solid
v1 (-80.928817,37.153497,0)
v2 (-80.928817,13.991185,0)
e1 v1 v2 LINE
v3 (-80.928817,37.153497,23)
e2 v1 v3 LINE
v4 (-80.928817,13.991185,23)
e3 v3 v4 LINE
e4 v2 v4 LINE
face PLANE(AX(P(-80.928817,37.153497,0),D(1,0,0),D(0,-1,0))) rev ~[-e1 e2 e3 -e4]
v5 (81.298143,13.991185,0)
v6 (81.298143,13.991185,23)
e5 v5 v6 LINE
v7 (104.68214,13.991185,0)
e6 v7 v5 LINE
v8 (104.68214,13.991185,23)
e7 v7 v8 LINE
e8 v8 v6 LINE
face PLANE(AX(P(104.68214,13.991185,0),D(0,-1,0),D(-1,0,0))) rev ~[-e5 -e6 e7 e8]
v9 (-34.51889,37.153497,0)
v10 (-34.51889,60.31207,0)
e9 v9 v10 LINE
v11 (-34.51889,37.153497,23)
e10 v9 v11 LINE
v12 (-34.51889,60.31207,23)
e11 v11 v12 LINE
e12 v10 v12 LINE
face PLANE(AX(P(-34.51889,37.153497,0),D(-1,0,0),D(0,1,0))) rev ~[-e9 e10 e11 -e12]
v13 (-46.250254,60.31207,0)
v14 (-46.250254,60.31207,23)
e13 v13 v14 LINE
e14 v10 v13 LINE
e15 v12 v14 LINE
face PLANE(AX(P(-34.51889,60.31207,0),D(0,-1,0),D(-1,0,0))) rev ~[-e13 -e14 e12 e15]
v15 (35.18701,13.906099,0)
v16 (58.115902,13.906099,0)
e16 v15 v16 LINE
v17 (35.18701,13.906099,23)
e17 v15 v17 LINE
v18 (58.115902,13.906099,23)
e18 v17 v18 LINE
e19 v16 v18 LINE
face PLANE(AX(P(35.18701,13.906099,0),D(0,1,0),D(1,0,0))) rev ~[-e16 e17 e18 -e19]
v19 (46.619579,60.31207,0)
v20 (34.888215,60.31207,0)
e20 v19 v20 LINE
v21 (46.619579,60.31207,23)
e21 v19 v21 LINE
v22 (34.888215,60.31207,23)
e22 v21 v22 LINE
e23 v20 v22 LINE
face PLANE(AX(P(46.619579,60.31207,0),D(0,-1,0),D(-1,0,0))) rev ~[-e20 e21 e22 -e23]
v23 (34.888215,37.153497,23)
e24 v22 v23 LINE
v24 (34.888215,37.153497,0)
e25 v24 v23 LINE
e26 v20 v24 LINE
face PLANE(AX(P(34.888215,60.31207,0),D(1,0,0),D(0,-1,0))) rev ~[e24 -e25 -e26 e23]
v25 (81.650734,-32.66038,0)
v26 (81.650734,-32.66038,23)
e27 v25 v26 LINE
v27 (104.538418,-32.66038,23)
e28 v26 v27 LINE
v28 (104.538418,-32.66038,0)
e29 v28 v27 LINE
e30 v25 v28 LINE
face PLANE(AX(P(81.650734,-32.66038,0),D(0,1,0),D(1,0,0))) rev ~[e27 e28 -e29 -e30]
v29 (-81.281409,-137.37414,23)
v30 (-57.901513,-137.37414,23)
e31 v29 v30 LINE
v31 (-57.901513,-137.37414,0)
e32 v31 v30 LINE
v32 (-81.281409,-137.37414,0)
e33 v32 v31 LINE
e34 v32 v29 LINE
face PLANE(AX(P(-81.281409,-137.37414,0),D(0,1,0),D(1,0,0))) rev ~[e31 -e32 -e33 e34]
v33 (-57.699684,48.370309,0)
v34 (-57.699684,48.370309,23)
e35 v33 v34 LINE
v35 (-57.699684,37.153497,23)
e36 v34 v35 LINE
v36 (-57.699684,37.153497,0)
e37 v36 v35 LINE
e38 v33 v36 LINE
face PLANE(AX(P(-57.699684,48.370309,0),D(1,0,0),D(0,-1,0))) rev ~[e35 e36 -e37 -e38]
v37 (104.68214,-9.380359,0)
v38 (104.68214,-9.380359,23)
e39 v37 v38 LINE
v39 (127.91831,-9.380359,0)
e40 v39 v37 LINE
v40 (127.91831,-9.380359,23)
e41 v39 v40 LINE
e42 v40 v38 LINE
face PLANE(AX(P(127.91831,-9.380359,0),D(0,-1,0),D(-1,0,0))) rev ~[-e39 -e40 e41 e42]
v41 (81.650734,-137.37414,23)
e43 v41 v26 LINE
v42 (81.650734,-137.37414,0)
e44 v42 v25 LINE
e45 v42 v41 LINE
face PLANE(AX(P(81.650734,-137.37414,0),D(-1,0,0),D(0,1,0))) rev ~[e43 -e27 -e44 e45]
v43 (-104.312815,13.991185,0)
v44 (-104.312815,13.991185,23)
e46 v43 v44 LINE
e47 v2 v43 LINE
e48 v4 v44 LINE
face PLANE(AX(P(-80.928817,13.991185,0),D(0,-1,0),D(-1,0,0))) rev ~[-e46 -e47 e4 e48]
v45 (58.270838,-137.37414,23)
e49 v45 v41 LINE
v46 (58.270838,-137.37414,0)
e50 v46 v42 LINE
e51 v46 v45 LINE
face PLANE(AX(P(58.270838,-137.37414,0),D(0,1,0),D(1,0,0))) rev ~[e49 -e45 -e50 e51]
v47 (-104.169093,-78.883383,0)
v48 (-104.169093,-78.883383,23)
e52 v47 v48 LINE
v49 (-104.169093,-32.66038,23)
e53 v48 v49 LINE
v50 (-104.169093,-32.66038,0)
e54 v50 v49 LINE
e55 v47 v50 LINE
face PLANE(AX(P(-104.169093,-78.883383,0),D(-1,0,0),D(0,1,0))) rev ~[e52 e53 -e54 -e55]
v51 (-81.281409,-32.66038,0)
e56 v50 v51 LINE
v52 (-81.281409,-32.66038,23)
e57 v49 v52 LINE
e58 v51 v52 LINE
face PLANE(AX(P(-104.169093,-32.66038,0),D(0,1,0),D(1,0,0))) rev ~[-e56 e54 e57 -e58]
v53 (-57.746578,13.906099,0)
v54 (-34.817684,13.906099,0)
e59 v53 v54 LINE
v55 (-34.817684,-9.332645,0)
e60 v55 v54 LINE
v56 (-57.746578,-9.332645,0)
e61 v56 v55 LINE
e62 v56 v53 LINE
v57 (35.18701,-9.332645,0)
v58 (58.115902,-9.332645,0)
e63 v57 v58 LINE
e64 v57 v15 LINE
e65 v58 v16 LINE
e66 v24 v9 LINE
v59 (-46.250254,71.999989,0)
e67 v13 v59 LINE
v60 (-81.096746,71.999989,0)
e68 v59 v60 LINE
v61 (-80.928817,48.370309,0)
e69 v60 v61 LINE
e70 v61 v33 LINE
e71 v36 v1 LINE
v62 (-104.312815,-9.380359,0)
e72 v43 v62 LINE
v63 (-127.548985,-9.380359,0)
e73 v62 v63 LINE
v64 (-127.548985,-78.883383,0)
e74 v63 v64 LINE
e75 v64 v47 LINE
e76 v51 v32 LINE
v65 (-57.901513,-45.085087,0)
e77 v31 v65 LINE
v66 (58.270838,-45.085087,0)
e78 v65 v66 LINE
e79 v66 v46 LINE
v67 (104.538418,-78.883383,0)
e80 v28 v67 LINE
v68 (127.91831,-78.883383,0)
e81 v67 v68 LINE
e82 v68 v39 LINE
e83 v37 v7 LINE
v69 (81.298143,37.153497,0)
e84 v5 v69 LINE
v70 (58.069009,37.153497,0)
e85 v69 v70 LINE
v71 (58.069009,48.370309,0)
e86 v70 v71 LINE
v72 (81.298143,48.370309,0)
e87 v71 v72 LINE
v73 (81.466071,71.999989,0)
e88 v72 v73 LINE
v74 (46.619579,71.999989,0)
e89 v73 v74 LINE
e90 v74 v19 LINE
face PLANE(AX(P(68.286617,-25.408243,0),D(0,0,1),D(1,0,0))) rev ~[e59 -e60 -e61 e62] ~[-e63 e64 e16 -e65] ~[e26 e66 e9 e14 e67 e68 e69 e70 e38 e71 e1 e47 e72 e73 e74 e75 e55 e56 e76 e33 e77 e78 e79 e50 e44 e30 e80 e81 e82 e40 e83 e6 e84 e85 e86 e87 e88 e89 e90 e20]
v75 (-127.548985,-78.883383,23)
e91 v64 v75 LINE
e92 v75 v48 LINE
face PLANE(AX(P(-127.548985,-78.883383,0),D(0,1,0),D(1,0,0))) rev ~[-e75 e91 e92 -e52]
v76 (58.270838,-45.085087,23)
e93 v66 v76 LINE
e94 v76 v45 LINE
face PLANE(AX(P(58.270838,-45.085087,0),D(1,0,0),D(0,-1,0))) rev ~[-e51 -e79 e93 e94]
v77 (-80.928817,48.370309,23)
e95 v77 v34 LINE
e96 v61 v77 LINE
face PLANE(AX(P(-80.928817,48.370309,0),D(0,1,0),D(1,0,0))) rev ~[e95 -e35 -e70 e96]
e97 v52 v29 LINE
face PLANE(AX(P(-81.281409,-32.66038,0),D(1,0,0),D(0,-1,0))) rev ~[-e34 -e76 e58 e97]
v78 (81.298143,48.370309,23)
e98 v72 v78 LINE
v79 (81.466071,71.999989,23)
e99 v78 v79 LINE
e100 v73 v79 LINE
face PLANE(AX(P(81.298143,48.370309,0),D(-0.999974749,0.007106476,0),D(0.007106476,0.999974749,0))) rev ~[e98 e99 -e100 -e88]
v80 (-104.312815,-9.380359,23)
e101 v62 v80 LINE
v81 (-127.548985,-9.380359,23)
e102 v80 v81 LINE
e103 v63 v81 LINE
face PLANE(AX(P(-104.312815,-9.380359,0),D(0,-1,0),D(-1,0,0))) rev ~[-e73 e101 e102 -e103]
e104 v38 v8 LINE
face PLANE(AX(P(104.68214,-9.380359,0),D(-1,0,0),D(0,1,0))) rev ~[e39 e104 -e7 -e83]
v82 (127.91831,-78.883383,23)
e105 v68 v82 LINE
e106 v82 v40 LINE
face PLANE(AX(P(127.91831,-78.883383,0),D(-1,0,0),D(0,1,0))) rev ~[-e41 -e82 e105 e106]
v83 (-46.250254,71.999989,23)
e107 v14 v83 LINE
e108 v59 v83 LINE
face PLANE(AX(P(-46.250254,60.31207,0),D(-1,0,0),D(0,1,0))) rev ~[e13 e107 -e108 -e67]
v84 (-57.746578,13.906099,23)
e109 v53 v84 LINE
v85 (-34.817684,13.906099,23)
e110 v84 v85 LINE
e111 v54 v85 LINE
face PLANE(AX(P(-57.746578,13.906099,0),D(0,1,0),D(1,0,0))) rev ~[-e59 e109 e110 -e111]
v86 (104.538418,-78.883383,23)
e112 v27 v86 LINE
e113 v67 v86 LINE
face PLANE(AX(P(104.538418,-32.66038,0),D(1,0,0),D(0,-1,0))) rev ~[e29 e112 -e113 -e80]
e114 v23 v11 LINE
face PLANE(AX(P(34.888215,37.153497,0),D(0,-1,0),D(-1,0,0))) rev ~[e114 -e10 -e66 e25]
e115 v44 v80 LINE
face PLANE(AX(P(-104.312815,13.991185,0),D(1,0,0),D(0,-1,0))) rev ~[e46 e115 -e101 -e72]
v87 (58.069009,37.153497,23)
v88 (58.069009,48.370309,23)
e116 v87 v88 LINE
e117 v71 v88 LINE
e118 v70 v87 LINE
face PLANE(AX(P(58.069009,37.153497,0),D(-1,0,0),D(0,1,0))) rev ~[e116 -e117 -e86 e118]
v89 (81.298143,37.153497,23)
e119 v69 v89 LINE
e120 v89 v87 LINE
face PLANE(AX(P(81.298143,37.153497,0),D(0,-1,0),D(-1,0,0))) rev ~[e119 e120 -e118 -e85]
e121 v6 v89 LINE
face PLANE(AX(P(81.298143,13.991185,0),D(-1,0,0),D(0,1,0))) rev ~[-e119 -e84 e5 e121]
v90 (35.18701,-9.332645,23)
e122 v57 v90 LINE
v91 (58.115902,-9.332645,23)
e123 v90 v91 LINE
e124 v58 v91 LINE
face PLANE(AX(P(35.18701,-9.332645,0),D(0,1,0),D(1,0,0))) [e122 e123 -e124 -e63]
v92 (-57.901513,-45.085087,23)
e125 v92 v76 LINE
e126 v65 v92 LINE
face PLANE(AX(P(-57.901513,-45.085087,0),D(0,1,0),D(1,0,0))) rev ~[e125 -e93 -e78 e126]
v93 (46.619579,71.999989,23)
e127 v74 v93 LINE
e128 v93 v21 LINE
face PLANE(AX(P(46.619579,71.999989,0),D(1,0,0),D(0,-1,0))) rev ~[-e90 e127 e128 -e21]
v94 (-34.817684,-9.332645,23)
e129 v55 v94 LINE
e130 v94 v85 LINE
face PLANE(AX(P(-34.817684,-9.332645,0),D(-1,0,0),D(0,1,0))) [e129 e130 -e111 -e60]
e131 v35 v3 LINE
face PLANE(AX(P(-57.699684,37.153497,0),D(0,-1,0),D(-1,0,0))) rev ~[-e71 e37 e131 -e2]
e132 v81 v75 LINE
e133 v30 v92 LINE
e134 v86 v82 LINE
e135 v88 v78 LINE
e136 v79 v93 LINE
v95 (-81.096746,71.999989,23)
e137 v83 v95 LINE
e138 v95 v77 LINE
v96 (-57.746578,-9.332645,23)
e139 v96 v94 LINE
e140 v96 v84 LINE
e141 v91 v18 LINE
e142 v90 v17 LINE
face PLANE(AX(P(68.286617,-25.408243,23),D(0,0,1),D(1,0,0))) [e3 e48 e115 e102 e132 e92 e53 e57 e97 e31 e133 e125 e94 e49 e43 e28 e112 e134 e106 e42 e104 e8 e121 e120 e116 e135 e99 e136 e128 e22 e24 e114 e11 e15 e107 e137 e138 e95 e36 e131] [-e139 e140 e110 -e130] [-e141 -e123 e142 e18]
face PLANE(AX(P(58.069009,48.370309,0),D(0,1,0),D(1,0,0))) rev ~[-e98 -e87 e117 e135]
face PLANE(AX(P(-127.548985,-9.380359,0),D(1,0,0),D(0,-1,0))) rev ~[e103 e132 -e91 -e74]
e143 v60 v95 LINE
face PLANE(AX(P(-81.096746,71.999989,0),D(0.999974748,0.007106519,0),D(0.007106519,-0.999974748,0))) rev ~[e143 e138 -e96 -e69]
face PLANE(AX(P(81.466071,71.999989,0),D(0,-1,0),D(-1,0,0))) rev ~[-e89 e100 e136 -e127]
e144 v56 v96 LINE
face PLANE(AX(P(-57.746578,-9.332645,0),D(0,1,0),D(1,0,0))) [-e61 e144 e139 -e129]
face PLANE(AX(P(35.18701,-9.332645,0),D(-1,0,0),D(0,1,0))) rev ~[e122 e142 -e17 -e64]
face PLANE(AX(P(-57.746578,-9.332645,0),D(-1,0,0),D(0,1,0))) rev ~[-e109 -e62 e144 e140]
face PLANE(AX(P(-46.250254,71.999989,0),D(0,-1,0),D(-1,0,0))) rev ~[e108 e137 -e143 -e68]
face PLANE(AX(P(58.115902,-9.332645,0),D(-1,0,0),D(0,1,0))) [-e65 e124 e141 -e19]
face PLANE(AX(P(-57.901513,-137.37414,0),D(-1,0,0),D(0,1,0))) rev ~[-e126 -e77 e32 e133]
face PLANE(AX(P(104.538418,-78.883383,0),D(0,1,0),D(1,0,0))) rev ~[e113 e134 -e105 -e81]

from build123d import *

# Parameters (mm, degrees)
F0_W     = 22.928893
F0_H     = 23.238743
F0_W_2   = 22.928894
F1_DEPTH = 23


with BuildPart() as f1:
    # F0 (on Top) → F1 (new body)
    with BuildSketch(Plane.XY):
        Polygon((81.298143, 48.370309), (81.466071, 71.999989), (46.619579, 71.999989), (46.619579, 60.31207), (34.888215, 60.31207), (34.888215, 37.153497), (0.184663, 37.153497), (0.184663, -45.085087), (58.270838, -45.085087), (58.270838, -137.37414), (81.650734, -137.37414), (81.650734, -32.66038), (104.538418, -32.66038), (104.538418, -78.883383), (127.91831, -78.883383), (127.91831, -9.380359), (104.68214, -9.380359), (104.68214, 13.991185), (81.298143, 13.991185), (81.298143, 37.153497), (58.069009, 37.153497), (58.069009, 48.370309), align=None)
        with Locations((46.651456, 2.286727)):
            Rectangle(F0_W, F0_H, mode=Mode.SUBTRACT)
        Polygon((0.184663, -45.085087), (0.184663, 37.153497), (-34.51889, 37.153497), (-34.51889, 60.31207), (-46.250254, 60.31207), (-46.250254, 71.999989), (-81.096746, 71.999989), (-80.928817, 48.370309), (-57.699684, 48.370309), (-57.699684, 37.153497), (-80.928817, 37.153497), (-80.928817, 13.991185), (-104.312815, 13.991185), (-104.312815, -9.380359), (-127.548985, -9.380359), (-127.548985, -78.883383), (-104.169093, -78.883383), (-104.169093, -32.66038), (-81.281409, -32.66038), (-81.281409, -137.37414), (-57.901513, -137.37414), (-57.901513, -45.085087), align=None)
        with Locations((-46.282131, 2.286727)):
            Rectangle(F0_W_2, F0_H, mode=Mode.SUBTRACT)
    extrude(amount=F1_DEPTH)


solid = f1.part
